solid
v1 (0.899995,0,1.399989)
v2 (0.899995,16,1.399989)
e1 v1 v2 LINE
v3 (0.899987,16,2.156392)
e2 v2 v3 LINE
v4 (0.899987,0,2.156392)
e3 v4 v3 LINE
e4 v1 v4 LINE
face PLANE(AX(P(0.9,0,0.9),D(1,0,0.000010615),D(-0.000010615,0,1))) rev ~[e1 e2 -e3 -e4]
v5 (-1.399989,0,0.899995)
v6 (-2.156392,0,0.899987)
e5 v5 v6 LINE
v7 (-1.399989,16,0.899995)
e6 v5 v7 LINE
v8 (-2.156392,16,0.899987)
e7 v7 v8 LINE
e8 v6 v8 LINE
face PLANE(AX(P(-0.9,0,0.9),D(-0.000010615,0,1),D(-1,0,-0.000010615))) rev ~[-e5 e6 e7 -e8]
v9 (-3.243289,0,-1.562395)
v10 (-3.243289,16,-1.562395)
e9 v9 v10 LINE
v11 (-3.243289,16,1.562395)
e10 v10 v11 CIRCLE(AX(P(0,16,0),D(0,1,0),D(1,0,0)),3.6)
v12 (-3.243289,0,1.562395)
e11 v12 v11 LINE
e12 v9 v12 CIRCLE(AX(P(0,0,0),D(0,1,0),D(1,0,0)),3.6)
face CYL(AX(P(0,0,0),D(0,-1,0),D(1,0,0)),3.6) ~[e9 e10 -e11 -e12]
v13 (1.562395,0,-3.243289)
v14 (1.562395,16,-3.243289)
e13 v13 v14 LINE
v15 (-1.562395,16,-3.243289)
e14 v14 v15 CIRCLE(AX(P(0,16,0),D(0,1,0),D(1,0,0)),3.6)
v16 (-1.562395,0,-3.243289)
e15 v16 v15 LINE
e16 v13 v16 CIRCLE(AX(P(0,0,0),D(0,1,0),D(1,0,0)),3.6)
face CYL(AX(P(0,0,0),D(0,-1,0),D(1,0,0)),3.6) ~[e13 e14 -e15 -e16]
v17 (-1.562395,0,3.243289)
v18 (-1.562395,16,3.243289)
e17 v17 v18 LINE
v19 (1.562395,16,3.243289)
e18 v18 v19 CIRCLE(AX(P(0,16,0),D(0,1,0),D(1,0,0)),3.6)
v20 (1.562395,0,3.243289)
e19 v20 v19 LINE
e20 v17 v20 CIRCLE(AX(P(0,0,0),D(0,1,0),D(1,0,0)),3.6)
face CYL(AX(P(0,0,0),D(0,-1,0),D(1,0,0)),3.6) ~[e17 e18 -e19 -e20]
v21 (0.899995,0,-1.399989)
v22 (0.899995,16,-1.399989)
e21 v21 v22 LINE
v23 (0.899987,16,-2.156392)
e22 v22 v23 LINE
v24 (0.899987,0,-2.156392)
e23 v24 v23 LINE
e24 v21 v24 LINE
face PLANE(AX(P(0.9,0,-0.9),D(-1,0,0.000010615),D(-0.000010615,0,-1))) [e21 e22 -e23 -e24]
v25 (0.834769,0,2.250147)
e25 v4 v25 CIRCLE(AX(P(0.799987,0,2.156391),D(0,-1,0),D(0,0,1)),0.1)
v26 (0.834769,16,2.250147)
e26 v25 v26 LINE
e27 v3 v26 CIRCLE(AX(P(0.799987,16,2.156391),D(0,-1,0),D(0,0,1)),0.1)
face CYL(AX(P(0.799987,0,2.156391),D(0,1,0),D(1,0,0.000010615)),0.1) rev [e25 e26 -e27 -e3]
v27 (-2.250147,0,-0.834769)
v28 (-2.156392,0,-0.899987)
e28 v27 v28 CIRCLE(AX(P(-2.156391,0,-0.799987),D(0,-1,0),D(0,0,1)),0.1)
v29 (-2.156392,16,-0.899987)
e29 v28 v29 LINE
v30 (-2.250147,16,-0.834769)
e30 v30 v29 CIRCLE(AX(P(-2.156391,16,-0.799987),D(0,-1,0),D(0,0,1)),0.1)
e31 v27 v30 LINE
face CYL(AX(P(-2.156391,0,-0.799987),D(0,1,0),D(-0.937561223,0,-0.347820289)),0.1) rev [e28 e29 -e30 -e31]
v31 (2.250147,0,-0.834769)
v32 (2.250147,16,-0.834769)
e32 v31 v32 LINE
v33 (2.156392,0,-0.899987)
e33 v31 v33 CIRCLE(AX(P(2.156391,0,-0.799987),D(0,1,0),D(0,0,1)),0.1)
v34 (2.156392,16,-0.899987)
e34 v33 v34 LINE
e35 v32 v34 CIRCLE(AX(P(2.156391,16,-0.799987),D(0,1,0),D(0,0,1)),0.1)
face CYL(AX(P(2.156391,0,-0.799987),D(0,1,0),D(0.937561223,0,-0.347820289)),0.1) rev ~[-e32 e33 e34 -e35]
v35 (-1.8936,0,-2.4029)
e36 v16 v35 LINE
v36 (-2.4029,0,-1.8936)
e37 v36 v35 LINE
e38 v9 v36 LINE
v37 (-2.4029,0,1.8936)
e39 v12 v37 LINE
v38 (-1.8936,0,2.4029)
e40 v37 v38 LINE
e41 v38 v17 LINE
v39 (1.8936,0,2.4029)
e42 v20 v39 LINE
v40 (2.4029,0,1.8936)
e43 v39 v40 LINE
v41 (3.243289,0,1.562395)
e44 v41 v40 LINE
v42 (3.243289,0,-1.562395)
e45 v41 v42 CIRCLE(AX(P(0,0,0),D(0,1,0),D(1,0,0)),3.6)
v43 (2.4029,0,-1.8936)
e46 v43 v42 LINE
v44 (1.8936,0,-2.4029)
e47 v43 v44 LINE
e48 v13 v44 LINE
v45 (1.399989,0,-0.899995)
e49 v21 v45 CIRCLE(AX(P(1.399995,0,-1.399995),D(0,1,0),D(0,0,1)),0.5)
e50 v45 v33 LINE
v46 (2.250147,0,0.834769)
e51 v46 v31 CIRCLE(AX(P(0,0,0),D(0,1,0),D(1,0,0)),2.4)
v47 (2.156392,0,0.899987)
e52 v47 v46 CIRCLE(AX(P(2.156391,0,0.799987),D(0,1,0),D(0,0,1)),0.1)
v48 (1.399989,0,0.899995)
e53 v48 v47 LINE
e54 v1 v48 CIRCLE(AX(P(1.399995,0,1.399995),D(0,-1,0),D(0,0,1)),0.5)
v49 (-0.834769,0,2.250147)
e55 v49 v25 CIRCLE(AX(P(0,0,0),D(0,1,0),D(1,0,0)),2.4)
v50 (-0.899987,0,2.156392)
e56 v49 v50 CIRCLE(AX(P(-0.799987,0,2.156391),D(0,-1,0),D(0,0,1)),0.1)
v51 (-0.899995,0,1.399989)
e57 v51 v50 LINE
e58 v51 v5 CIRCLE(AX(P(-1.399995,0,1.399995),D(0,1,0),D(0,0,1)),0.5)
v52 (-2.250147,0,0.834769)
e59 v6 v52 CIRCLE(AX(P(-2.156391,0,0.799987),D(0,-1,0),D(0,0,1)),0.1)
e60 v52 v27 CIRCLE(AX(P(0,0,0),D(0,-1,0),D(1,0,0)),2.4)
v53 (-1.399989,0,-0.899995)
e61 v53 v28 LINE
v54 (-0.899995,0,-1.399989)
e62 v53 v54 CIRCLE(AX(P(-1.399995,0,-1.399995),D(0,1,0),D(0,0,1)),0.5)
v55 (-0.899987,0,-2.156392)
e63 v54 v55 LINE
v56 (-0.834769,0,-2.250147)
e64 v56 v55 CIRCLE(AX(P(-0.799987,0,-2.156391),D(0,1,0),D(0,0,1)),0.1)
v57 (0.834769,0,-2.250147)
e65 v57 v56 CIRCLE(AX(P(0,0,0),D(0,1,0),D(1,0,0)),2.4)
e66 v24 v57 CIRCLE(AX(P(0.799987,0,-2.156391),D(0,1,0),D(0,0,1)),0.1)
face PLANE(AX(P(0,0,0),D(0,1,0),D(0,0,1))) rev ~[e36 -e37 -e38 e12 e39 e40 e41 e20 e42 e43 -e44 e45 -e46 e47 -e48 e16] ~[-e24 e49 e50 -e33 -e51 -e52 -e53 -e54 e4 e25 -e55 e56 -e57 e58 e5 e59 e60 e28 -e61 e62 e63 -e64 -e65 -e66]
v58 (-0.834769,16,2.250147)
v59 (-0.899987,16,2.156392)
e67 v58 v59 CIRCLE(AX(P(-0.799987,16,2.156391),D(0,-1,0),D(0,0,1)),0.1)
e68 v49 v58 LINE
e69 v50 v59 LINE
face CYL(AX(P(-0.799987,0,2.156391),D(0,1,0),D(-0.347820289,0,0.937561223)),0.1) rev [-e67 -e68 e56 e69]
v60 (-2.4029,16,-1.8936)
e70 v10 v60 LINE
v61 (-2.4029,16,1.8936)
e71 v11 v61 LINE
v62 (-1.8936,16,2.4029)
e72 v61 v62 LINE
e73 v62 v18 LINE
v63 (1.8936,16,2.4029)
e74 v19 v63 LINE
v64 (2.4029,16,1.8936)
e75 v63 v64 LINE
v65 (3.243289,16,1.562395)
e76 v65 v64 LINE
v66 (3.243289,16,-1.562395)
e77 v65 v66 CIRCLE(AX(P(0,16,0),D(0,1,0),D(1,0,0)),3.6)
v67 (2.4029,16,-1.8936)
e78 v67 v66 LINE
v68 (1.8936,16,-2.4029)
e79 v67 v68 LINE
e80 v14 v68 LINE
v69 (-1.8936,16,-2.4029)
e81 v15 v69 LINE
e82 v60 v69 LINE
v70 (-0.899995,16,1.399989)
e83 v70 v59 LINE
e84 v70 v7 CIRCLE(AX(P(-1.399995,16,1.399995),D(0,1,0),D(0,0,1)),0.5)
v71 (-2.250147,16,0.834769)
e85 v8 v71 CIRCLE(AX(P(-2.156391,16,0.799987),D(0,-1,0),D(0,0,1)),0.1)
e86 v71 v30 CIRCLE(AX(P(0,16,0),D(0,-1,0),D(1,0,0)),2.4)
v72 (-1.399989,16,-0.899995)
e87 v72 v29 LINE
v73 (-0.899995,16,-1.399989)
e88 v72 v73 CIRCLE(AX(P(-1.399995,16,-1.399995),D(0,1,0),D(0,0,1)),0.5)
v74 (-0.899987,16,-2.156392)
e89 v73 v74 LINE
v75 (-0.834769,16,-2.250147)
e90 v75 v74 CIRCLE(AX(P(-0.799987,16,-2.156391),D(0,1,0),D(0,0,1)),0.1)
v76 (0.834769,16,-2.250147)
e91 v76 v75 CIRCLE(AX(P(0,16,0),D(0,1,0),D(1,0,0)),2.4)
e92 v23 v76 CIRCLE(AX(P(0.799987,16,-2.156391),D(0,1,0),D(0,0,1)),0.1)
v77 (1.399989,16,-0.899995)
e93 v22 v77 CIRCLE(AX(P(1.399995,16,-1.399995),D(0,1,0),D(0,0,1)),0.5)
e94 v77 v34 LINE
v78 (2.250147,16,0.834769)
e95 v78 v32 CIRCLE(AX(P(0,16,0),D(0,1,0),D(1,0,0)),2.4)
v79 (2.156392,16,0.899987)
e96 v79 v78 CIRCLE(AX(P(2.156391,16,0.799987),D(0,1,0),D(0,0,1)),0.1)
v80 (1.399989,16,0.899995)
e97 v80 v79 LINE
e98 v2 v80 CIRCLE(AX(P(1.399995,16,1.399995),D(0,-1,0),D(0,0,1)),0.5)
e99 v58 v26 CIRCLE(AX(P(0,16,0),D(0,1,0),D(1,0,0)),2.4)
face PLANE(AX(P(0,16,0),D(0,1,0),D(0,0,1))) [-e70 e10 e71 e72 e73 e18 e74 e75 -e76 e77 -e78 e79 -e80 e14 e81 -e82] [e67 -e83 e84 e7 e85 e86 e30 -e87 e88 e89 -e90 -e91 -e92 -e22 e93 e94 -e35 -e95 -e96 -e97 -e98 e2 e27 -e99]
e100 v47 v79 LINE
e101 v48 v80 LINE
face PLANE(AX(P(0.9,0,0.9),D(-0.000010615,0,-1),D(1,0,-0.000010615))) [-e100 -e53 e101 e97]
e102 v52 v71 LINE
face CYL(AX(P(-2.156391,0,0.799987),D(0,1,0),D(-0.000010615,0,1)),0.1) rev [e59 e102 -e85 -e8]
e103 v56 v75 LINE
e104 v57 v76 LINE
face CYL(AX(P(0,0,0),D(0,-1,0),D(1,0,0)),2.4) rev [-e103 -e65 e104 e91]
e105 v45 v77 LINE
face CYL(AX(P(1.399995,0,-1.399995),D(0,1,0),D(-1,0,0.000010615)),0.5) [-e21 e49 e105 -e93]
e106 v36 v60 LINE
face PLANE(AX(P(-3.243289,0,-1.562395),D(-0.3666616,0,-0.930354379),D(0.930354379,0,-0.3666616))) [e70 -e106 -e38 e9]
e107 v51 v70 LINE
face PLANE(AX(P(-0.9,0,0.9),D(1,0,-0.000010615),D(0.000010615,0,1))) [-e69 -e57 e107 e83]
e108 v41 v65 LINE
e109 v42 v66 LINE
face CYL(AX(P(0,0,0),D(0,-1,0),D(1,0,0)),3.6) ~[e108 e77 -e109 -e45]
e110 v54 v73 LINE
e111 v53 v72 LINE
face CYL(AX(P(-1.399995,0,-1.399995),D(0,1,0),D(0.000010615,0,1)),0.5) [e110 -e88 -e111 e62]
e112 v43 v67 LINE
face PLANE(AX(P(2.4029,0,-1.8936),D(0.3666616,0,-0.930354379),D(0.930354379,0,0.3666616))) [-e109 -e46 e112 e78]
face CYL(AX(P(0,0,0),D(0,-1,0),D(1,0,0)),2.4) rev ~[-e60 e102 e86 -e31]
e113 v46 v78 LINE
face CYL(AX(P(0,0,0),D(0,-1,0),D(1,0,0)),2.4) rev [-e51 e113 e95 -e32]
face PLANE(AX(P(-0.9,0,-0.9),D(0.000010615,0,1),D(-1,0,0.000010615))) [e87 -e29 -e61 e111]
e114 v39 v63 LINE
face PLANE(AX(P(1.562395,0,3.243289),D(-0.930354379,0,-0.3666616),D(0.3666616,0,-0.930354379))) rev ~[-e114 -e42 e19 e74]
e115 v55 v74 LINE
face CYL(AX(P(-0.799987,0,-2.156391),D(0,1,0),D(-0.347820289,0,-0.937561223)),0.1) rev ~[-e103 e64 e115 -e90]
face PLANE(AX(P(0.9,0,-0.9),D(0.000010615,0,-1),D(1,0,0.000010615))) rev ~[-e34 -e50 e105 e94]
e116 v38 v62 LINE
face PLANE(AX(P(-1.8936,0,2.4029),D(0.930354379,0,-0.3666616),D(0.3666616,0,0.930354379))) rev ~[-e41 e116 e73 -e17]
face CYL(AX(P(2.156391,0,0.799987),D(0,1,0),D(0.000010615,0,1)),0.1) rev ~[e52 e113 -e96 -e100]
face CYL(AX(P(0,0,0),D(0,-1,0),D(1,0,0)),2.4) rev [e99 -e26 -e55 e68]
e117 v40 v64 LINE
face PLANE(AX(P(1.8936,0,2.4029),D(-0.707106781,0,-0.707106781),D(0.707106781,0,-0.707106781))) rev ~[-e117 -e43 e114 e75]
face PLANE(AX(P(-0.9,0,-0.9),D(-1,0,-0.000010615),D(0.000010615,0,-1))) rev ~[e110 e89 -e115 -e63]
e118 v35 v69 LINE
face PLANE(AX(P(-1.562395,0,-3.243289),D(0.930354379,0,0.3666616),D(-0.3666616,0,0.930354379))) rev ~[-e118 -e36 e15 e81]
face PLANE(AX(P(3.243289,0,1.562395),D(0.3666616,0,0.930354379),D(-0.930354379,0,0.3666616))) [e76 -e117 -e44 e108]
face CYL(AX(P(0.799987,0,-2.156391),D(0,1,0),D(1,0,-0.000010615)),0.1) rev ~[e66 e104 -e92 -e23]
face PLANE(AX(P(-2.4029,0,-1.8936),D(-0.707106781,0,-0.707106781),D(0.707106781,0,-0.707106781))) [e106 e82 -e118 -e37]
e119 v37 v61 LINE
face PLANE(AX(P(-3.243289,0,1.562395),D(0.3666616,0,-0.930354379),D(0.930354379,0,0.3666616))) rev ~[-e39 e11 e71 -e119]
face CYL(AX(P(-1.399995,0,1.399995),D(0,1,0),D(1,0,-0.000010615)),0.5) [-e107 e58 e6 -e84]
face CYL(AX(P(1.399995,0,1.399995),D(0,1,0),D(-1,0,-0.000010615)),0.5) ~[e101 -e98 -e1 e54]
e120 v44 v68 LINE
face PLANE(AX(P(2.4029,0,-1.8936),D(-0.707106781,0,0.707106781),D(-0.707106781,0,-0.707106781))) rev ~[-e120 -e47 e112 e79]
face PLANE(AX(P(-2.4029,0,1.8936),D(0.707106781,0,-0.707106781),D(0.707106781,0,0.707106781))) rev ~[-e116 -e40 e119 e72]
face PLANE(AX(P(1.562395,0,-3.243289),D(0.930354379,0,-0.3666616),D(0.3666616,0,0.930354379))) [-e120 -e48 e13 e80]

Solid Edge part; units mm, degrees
sketch "Sketch1" plane through (0, 0, 0) normal (0, -1, 0) x (1, 0, 0)
  line L0 (0.9, 0.9) -> (0.9, 2.2249)
  arc A0 (-0.9, 2.2249) -> (0.9, 2.2249) centre (0, 0) cw
  line L1 (-0.9, 0.9) -> (-0.9, 2.2249)
  line L2 (-0.9, 0.9) -> (-2.2249, 0.9)
  line L3 (-0.9, -0.9) -> (-2.2249, -0.9)
  line L4 (-0.9, -0.9) -> (-0.9, -2.2249)
  arc A1 (0.9, -2.2249) -> (-0.9, -2.2249) centre (0, 0) cw
  line L5 (0.9, -0.9) -> (0.9, -2.2249)
  line L6 (0.9, -0.9) -> (2.2249, -0.9)
  arc A2 (2.2249, 0.9) -> (2.2249, -0.9) centre (0, 0) cw
  line L7 (0.9, 0.9) -> (2.2249, 0.9)
  arc A3 (-2.2249, 0.9) -> (-2.2249, -0.9) centre (0, 0) ccw
  line L8 (1.5624, 3.2433) -> (1.8936, 2.4029)
  line L9 (1.8936, 2.4029) -> (2.4029, 1.8936)
  line L10 (3.2433, 1.5624) -> (2.4029, 1.8936)
  arc A4 (3.2433, 1.5624) -> (3.2433, -1.5624) centre (0, 0) cw
  line L11 (2.4029, -1.8936) -> (3.2433, -1.5624)
  line L12 (2.4029, -1.8936) -> (1.8936, -2.4029)
  line L13 (1.5624, -3.2433) -> (1.8936, -2.4029)
  line L14 (-1.5624, -3.2433) -> (-1.8936, -2.4029)
  line L15 (-2.4029, -1.8936) -> (-1.8936, -2.4029)
  line L16 (-3.2433, -1.5624) -> (-2.4029, -1.8936)
  arc A5 (-3.2433, -1.5624) -> (-3.2433, 1.5624) centre (0, 0) cw
  line L17 (-3.2433, 1.5624) -> (-2.4029, 1.8936)
  line L18 (-2.4029, 1.8936) -> (-1.8936, 2.4029)
  line L19 (-1.8936, 2.4029) -> (-1.5624, 3.2433)
  arc A6 (-1.5624, 3.2433) -> (1.5624, 3.2433) centre (0, 0) cw
  arc A7 (1.5624, -3.2433) -> (-1.5624, -3.2433) centre (0, 0) cw
extrude "Protrusion1" add sketch "Sketch1" against normal blind 16
fillet "Round_1" radius 0.5 4 edges at (-0.9, 8, 0.9) (0.9, 8, 0.9) (-0.9, 8, -0.9) (0.9, 8, -0.9)
fillet "Round_2" radius 0.1 8 edges at (-0.9, 8, 2.2249) (0.9, 8, 2.2249) (2.2249, 8, 0.9) (2.2249, 8, -0.9) (0.9, 8, -2.2249) (-0.9, 8, -2.2249) (-2.2249, 8, -0.9) (-2.2249, 8, 0.9)
